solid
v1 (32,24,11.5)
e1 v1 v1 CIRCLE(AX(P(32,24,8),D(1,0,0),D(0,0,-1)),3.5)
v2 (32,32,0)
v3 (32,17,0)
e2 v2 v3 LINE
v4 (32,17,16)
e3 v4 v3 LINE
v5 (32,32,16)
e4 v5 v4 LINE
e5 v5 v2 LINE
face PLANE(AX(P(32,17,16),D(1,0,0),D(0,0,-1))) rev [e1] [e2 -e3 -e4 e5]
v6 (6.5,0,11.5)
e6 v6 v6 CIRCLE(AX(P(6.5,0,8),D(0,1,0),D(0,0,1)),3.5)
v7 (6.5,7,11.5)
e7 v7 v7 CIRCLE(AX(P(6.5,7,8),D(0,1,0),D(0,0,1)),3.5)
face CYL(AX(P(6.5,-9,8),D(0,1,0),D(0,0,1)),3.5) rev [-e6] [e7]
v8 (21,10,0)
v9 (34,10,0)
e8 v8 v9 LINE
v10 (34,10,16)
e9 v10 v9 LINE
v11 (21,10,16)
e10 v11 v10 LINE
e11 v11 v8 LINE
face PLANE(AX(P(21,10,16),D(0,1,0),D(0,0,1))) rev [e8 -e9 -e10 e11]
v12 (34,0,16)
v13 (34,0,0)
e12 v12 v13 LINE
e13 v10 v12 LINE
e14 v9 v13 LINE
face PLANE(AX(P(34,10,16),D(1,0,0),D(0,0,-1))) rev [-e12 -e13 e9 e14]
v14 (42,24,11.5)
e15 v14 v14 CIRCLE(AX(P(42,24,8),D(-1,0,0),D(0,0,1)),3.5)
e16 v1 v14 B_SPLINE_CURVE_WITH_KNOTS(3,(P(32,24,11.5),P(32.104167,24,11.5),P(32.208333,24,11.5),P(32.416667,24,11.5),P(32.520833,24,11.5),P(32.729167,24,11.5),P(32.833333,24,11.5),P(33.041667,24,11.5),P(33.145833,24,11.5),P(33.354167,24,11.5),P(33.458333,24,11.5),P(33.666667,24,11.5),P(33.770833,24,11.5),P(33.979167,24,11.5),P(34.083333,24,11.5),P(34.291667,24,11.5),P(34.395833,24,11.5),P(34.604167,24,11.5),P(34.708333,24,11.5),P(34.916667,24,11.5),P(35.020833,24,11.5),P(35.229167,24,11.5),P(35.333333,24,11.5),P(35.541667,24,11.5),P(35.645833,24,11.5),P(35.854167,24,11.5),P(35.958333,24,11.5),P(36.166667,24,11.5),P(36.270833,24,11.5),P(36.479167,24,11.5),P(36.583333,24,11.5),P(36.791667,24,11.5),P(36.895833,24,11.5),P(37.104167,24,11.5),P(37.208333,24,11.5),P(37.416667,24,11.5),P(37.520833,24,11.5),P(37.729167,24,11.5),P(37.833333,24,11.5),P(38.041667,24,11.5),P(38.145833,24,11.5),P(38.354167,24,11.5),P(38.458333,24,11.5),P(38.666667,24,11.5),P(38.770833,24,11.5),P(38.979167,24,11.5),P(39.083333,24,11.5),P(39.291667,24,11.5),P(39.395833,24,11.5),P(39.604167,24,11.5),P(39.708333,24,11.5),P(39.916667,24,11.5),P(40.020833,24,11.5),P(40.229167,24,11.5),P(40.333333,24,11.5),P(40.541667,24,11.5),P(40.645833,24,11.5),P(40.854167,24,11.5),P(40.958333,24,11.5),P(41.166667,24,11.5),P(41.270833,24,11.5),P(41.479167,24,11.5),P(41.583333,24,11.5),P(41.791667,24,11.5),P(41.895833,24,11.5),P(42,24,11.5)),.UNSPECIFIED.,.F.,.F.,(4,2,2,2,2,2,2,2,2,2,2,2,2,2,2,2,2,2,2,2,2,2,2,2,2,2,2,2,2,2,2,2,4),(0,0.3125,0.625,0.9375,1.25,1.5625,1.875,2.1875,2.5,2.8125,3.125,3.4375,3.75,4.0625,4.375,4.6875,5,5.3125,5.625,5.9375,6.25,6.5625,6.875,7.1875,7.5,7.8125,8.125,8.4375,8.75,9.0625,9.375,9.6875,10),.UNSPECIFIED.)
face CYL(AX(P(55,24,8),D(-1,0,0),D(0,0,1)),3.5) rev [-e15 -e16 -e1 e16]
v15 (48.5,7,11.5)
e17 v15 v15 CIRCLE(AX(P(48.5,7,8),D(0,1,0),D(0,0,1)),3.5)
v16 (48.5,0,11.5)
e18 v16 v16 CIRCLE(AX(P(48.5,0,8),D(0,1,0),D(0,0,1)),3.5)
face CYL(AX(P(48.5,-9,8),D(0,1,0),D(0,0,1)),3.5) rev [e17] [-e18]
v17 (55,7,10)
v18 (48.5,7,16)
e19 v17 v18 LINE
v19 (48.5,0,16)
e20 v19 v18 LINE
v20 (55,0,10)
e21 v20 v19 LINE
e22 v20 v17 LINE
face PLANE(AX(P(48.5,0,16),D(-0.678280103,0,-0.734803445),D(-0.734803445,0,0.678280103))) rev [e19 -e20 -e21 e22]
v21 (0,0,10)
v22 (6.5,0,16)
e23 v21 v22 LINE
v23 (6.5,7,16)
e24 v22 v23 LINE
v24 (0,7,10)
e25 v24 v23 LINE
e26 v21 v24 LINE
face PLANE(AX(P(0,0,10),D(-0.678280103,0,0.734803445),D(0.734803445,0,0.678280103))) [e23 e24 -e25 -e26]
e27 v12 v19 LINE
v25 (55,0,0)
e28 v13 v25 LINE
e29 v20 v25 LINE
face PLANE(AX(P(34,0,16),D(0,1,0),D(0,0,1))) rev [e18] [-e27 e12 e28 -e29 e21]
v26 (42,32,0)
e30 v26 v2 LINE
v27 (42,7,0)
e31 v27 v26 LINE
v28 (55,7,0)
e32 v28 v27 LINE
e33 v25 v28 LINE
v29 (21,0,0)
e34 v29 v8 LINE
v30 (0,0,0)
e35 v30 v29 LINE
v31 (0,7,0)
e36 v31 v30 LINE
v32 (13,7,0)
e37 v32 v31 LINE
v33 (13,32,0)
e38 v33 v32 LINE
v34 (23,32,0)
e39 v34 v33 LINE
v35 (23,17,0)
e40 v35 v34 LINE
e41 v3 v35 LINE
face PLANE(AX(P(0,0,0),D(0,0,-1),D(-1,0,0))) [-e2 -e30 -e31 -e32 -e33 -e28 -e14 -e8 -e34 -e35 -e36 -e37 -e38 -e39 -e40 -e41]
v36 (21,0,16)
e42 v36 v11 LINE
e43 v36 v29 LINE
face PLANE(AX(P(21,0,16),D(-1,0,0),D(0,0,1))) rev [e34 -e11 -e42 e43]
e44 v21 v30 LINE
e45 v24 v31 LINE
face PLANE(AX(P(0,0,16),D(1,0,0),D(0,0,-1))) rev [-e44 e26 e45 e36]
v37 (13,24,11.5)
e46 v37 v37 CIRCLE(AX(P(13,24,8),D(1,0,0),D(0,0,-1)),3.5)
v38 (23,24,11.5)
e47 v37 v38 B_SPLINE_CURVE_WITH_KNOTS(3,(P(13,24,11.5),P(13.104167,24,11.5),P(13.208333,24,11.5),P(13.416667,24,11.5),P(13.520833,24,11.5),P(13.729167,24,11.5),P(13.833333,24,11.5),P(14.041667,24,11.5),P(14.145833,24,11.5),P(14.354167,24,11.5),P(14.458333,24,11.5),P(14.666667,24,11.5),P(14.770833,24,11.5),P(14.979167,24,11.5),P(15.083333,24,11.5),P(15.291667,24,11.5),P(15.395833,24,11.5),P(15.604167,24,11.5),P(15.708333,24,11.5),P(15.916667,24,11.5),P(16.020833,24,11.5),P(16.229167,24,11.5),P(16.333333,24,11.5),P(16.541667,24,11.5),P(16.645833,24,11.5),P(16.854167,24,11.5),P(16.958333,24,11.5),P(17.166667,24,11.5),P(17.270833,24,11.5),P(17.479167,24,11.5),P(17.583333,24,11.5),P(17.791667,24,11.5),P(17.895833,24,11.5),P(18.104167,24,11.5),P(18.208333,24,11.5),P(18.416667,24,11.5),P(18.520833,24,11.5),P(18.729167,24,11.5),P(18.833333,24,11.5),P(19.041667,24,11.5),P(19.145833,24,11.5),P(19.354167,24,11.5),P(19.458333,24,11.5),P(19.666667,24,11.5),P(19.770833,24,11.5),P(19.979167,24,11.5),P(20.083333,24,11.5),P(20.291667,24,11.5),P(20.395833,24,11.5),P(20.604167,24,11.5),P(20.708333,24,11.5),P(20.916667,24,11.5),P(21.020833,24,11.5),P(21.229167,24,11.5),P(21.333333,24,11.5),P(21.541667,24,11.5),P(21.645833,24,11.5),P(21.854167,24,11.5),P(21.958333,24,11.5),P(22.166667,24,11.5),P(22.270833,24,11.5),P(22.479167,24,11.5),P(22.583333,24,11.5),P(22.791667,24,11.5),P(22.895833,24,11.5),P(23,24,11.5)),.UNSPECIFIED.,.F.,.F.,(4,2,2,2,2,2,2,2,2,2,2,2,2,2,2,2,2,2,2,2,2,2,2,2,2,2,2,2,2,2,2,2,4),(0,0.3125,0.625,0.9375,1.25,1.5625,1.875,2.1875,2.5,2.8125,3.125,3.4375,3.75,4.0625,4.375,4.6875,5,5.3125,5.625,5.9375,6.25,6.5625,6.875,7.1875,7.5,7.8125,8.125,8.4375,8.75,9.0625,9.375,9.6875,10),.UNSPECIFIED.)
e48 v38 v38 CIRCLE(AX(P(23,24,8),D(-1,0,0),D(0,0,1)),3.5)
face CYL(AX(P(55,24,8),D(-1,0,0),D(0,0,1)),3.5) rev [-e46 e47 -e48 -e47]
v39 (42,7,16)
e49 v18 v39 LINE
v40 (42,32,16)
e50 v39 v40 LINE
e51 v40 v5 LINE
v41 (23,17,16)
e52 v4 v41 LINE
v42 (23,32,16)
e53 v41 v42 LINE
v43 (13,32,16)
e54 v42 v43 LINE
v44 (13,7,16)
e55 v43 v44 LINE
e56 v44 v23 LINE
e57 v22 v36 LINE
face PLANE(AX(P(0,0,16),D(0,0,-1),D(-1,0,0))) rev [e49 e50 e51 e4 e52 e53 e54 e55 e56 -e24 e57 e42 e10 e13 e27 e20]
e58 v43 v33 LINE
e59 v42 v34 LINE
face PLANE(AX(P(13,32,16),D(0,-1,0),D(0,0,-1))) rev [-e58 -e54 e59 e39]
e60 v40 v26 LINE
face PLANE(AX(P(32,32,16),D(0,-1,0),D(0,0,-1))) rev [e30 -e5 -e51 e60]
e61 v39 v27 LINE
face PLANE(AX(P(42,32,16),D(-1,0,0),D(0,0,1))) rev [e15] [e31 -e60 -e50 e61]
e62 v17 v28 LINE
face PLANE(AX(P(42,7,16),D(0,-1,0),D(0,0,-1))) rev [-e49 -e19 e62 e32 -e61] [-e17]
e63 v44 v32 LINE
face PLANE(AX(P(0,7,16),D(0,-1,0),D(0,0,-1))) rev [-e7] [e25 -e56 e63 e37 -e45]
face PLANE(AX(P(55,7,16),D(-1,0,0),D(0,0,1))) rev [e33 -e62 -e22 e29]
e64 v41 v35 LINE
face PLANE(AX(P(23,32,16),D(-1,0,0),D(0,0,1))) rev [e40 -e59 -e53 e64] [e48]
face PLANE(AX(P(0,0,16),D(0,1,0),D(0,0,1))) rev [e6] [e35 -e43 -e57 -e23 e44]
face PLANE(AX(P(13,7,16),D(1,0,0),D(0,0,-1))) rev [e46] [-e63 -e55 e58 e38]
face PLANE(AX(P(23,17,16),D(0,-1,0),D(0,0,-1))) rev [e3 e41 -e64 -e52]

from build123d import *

# Parameters (mm, degrees)
BOSS_EXTRUDE1_DEPTH     = 16
SKETCH8_R               = 3.5
CUT_EXTRUDE1_DEPTH      = 16
SKETCH11_R              = 3.5
CUT_EXTRUDE2_DEPTH      = 16
CUT_EXTRUDE3_DEPTH      = 56.172456897
CUT_EXTRUDE3_DEPTH_BACK = 56.172456897
SKETCH12_R              = 3.5
CUT_EXTRUDE4_DEPTH      = 63.497999968
CUT_EXTRUDE4_DEPTH_BACK = 63.497999968
CUT_EXTRUDE5_DEPTH      = 63.497999968
CUT_EXTRUDE5_DEPTH_BACK = 63.497999968


with BuildPart() as part:
    # Sketch3 → Boss-Extrude1 (new body)
    with BuildSketch(Plane.XY):
        Polygon((0, 0), (21, 0), (21, 10), (34, 10), (34, 0), (55, 0), (55, 7), (42, 7), (42, 32), (32, 32), (32, 17), (23, 17), (23, 32), (13, 32), (13, 7), (0, 7), align=None)
    extrude(amount=BOSS_EXTRUDE1_DEPTH)

    # Sketch8 → Cut-Extrude1 (cut)
    with BuildSketch(Plane(origin=(0, 7, 0), x_dir=(1, 0, 0), z_dir=(0, 1, 0))):
        with Locations(Location((6.5, -8, 0), (0, 0, 270))):
            Circle(SKETCH8_R)
    extrude(amount=-CUT_EXTRUDE1_DEPTH, mode=Mode.SUBTRACT)

    # Sketch11 → Cut-Extrude2 (cut)
    with BuildSketch(Plane(origin=(0, 7, 0), x_dir=(1, 0, 0), z_dir=(0, 1, 0))):
        with Locations(Location((48.5, -8, 0), (0, 0, 270))):
            Circle(SKETCH11_R)
    extrude(amount=-CUT_EXTRUDE2_DEPTH, mode=Mode.SUBTRACT)

    # Sketch12 → Cut-Extrude3 (cut, two sides: drawn at the far end of the back side and taken through both)
    with BuildSketch(Plane.ZY.offset(-13).offset(-CUT_EXTRUDE3_DEPTH_BACK)):
        with Locations((8, 24)):
            Circle(SKETCH12_R)
    extrude(amount=CUT_EXTRUDE3_DEPTH + CUT_EXTRUDE3_DEPTH_BACK, mode=Mode.SUBTRACT)

    # Sketch13 → Cut-Extrude4 (cut, two sides: drawn at the far end of the back side and taken through both)
    with BuildSketch(Plane(origin=(0, 7, 0), x_dir=(1, 0, 0), z_dir=(0, 1, 0)).offset(-CUT_EXTRUDE4_DEPTH_BACK)):
        Polygon((6.5, -16), (0, -16), (0, -10), align=None)
    extrude(amount=CUT_EXTRUDE4_DEPTH + CUT_EXTRUDE4_DEPTH_BACK, mode=Mode.SUBTRACT)

    # Sketch14 → Cut-Extrude5 (cut, two sides: drawn at the far end of the back side and taken through both)
    with BuildSketch(Plane(origin=(0, 7, 0), x_dir=(1, 0, 0), z_dir=(0, 1, 0)).offset(-CUT_EXTRUDE5_DEPTH_BACK)):
        Polygon((55, -16), (55, -10), (48.5, -16), align=None)
    extrude(amount=CUT_EXTRUDE5_DEPTH + CUT_EXTRUDE5_DEPTH_BACK, mode=Mode.SUBTRACT)


solid = part.part
